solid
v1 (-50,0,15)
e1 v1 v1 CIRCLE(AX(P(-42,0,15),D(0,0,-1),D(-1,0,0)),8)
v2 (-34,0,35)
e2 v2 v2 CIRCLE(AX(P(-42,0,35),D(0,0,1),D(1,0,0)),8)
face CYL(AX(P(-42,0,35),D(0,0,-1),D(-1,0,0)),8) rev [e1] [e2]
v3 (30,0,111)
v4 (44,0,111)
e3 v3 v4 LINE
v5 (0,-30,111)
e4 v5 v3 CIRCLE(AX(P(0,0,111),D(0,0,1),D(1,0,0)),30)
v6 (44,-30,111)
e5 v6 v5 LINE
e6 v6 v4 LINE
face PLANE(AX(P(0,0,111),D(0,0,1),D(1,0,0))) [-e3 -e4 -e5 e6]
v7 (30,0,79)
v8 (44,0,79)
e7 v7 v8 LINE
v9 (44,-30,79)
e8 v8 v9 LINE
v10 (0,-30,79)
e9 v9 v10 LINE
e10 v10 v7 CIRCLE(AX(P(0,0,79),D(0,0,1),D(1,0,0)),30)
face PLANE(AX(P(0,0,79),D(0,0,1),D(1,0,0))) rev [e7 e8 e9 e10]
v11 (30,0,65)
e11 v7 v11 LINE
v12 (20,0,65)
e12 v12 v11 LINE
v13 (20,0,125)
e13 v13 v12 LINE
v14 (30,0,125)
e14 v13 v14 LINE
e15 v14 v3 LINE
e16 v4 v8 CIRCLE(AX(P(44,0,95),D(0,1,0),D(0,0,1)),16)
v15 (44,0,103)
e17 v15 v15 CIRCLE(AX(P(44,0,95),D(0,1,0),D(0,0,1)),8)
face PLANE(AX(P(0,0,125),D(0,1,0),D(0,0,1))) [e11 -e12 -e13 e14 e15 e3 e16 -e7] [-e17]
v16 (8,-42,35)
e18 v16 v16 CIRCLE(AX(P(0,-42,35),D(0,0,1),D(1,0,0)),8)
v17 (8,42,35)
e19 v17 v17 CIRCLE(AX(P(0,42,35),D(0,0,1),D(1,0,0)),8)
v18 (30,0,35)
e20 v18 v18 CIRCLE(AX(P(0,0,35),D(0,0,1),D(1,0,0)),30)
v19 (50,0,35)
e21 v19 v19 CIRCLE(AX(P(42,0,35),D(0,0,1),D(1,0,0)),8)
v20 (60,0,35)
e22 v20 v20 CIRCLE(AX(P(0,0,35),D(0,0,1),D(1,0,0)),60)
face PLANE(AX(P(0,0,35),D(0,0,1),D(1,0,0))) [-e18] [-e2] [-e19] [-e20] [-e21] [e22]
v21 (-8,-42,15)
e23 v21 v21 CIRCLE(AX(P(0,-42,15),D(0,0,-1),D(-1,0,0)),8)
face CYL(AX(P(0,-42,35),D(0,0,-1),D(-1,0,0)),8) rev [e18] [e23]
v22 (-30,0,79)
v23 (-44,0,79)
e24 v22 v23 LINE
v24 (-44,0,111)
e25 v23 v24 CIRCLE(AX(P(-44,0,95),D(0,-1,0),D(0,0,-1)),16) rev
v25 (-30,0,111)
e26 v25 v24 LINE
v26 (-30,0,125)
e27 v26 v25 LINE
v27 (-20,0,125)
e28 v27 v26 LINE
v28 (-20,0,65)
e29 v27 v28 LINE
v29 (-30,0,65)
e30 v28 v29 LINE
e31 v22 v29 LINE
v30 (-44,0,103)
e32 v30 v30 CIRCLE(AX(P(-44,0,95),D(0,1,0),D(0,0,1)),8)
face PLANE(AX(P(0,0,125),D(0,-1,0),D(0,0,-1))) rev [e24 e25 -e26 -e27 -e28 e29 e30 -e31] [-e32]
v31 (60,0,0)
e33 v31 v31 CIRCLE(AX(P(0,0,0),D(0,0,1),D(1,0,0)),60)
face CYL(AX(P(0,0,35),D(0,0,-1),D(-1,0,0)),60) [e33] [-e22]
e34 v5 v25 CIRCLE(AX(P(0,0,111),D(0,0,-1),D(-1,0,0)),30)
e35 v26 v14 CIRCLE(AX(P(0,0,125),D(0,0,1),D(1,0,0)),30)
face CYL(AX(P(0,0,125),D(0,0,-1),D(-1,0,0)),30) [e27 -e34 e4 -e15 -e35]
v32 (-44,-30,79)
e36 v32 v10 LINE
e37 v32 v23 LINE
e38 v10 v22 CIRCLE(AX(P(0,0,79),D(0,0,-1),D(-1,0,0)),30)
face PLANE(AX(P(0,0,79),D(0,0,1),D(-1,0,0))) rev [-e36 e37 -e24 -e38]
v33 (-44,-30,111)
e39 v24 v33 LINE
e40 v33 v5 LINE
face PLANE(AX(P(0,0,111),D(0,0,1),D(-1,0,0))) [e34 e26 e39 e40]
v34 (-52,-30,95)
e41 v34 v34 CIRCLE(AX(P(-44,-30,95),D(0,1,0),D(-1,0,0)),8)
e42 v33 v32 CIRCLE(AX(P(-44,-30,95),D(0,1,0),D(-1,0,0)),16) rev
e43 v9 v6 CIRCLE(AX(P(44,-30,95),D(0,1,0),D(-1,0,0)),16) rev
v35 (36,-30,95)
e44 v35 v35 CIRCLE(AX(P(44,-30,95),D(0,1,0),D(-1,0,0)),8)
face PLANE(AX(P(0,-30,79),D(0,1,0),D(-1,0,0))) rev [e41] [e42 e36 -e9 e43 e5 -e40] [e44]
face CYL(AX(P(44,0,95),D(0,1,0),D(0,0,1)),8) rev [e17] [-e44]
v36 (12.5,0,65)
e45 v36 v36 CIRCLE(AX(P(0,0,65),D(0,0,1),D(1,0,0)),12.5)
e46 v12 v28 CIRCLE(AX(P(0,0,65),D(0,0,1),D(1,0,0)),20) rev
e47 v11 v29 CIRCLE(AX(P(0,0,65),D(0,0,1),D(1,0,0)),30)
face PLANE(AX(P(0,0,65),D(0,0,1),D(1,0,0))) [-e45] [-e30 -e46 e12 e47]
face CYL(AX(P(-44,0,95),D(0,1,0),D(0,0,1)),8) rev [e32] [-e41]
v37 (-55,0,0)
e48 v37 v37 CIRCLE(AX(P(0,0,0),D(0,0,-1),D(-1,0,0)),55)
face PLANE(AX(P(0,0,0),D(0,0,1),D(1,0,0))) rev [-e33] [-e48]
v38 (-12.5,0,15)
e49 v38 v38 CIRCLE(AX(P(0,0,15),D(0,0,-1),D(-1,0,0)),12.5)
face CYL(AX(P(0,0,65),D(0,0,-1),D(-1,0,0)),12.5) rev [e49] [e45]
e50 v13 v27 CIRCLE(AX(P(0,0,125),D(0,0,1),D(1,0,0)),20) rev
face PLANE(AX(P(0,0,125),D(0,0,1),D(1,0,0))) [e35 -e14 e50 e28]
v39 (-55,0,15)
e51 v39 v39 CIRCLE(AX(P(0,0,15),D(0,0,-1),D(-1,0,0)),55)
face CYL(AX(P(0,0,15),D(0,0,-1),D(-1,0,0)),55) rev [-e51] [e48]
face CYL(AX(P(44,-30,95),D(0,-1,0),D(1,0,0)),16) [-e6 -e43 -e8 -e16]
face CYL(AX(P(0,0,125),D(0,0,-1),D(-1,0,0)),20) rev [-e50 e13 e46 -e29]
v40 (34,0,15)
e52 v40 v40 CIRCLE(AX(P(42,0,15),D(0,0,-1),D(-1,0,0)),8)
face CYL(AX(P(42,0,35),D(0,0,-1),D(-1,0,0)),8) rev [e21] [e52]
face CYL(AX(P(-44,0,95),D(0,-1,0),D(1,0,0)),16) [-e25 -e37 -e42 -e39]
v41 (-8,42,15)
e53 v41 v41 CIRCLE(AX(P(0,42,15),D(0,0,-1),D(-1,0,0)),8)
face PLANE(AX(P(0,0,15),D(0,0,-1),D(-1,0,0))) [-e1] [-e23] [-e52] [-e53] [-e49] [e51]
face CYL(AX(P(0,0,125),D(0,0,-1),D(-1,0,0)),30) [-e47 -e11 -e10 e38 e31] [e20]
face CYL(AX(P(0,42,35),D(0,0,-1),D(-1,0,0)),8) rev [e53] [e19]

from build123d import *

# Parameters (mm, degrees)
BOSS_EXTRUDE1_DEPTH         = 125
SKETCH1_3_R                 = 12.5
BOSS_EXTRUDE2_DEPTH         = 65
SKETCH1_4_R                 = 60
SKETCH1_4_R_2               = 8
SKETCH1_4_R_3               = 30
BOSS_EXTRUDE3_DEPTH         = 35
BOSS_EXTRUDE4_START         = -46
BOSS_EXTRUDE4_DEPTH         = 32
FILLET1_RADIUS              = 16
FILLET1_LENGTH              = 30
F_16_0MM_DOWEL_HOLE1_D      = 16
FILLET1_OF_MIRROR1_2_RADIUS = 16
FILLET1_OF_MIRROR1_2_LENGTH = 30
SKETCH4_R                   = 55
CUT_EXTRUDE1_DEPTH          = 15


with BuildPart() as part:
    # Sketch1 → Boss-Extrude1 (new body)
    with BuildSketch(Plane.XY):
        with BuildLine():
            ThreePointArc((20, 0), (0, -20), (-20, 0))
            Line((-20, 0), (-30, 0))
            ThreePointArc((-30, 0), (0, -30), (30, 0))
            Line((30, 0), (20, 0))
        make_face()
    extrude(amount=BOSS_EXTRUDE1_DEPTH)

    # Sketch1<3> → Boss-Extrude2 (add)
    with BuildSketch(Plane.XY):
        with BuildLine():
            Line((-30, 0), (-20, 0))
            ThreePointArc((-20, 0), (0, -20), (20, 0))
            Line((20, 0), (30, 0))
            ThreePointArc((30, 0), (0, 30), (-30, 0))
        make_face()
        Circle(SKETCH1_3_R, mode=Mode.SUBTRACT)
    extrude(amount=BOSS_EXTRUDE2_DEPTH)

    # Sketch1<4> → Boss-Extrude3 (add)
    with BuildSketch(Plane.XY):
        Circle(SKETCH1_4_R)
        with Locations((0, 42)):
            Circle(SKETCH1_4_R_2, mode=Mode.SUBTRACT)
        with Locations((-42, 0)):
            Circle(SKETCH1_4_R_2, mode=Mode.SUBTRACT)
        with Locations((0, -42)):
            Circle(SKETCH1_4_R_2, mode=Mode.SUBTRACT)
        with Locations((42, 0)):
            Circle(SKETCH1_4_R_2, mode=Mode.SUBTRACT)
        Circle(SKETCH1_4_R_3, mode=Mode.SUBTRACT)
    extrude(amount=BOSS_EXTRUDE3_DEPTH)

    # Sketch2 → Boss-Extrude4 (add)
    with BuildSketch(Plane.XY.offset(125).offset(BOSS_EXTRUDE4_START)):
        with BuildLine():
            Line((60, 0), (30, 0))
            ThreePointArc((30, 0), (21.213203436, -21.213203436), (0, -30))
            Line((0, -30), (60, -30))
            Line((60, -30), (60, 0))
        make_face()
    boss_extrude4 = extrude(amount=BOSS_EXTRUDE4_DEPTH)

    # Fillet1: full round fillet: the end face becomes a half cylinder, R = half its width
    fillet1_face = Plane((60, -15, 95), x_dir=(0, -1, 0), z_dir=(1, 0, 0))  # on the end face: x along it, z out of the body
    fillet1_slab = fillet1_face.offset(-FILLET1_RADIUS / 2) * Box(FILLET1_LENGTH, 2 * FILLET1_RADIUS, FILLET1_RADIUS, mode=Mode.PRIVATE)  # the body's end, R deep
    fillet1_round = Plane((44, -15, 95), x_dir=(1, 0, 0), z_dir=(0, -1, 0)) * Cylinder(FILLET1_RADIUS, FILLET1_LENGTH, mode=Mode.PRIVATE)  # its axis R under the face
    add(fillet1_slab - fillet1_round, mode=Mode.SUBTRACT)

    # Ø16.0mm Dowel Hole1 (through all)
    with Locations(Plane(origin=(44, 0, 95), x_dir=(0, 0, 1), z_dir=(0, 1, 0))):
        with Locations((0, 0)):
            f_16_0mm_dowel_hole1 = Hole(F_16_0MM_DOWEL_HOLE1_D / 2)

    # Mirror1: Boss-Extrude4, Ø16.0mm Dowel Hole1 across plane
    add(boss_extrude4.mirror(Plane(origin=(0, 0, 0), x_dir=(0, 0, 1), z_dir=(1, 0, 0))))
    add(f_16_0mm_dowel_hole1.mirror(Plane(origin=(0, 0, 0), x_dir=(0, 0, 1), z_dir=(1, 0, 0))), mode=Mode.SUBTRACT)

    # Fillet1 of Mirror1 2: full round fillet: the end face becomes a half cylinder, R = half its width
    fillet1_of_mirror1_2_face = Plane((-60, -15, 95), x_dir=(0, -1, 0), z_dir=(-1, 0, 0))  # on the end face: x along it, z out of the body
    fillet1_of_mirror1_2_slab = fillet1_of_mirror1_2_face.offset(-FILLET1_OF_MIRROR1_2_RADIUS / 2) * Box(FILLET1_OF_MIRROR1_2_LENGTH, 2 * FILLET1_OF_MIRROR1_2_RADIUS, FILLET1_OF_MIRROR1_2_RADIUS, mode=Mode.PRIVATE)  # the body's end, R deep
    fillet1_of_mirror1_2_round = Plane((-44, -15, 95), x_dir=(-1, 0, 0), z_dir=(0, -1, 0)) * Cylinder(FILLET1_OF_MIRROR1_2_RADIUS, FILLET1_OF_MIRROR1_2_LENGTH, mode=Mode.PRIVATE)  # its axis R under the face
    add(fillet1_of_mirror1_2_slab - fillet1_of_mirror1_2_round, mode=Mode.SUBTRACT)

    # Sketch4 → Cut-Extrude1 (cut)
    with BuildSketch(Plane(origin=(0, 0, 0), x_dir=(-1, 0, 0), z_dir=(0, 0, -1))):
        Circle(SKETCH4_R)
    extrude(amount=-CUT_EXTRUDE1_DEPTH, mode=Mode.SUBTRACT)


solid = part.part
